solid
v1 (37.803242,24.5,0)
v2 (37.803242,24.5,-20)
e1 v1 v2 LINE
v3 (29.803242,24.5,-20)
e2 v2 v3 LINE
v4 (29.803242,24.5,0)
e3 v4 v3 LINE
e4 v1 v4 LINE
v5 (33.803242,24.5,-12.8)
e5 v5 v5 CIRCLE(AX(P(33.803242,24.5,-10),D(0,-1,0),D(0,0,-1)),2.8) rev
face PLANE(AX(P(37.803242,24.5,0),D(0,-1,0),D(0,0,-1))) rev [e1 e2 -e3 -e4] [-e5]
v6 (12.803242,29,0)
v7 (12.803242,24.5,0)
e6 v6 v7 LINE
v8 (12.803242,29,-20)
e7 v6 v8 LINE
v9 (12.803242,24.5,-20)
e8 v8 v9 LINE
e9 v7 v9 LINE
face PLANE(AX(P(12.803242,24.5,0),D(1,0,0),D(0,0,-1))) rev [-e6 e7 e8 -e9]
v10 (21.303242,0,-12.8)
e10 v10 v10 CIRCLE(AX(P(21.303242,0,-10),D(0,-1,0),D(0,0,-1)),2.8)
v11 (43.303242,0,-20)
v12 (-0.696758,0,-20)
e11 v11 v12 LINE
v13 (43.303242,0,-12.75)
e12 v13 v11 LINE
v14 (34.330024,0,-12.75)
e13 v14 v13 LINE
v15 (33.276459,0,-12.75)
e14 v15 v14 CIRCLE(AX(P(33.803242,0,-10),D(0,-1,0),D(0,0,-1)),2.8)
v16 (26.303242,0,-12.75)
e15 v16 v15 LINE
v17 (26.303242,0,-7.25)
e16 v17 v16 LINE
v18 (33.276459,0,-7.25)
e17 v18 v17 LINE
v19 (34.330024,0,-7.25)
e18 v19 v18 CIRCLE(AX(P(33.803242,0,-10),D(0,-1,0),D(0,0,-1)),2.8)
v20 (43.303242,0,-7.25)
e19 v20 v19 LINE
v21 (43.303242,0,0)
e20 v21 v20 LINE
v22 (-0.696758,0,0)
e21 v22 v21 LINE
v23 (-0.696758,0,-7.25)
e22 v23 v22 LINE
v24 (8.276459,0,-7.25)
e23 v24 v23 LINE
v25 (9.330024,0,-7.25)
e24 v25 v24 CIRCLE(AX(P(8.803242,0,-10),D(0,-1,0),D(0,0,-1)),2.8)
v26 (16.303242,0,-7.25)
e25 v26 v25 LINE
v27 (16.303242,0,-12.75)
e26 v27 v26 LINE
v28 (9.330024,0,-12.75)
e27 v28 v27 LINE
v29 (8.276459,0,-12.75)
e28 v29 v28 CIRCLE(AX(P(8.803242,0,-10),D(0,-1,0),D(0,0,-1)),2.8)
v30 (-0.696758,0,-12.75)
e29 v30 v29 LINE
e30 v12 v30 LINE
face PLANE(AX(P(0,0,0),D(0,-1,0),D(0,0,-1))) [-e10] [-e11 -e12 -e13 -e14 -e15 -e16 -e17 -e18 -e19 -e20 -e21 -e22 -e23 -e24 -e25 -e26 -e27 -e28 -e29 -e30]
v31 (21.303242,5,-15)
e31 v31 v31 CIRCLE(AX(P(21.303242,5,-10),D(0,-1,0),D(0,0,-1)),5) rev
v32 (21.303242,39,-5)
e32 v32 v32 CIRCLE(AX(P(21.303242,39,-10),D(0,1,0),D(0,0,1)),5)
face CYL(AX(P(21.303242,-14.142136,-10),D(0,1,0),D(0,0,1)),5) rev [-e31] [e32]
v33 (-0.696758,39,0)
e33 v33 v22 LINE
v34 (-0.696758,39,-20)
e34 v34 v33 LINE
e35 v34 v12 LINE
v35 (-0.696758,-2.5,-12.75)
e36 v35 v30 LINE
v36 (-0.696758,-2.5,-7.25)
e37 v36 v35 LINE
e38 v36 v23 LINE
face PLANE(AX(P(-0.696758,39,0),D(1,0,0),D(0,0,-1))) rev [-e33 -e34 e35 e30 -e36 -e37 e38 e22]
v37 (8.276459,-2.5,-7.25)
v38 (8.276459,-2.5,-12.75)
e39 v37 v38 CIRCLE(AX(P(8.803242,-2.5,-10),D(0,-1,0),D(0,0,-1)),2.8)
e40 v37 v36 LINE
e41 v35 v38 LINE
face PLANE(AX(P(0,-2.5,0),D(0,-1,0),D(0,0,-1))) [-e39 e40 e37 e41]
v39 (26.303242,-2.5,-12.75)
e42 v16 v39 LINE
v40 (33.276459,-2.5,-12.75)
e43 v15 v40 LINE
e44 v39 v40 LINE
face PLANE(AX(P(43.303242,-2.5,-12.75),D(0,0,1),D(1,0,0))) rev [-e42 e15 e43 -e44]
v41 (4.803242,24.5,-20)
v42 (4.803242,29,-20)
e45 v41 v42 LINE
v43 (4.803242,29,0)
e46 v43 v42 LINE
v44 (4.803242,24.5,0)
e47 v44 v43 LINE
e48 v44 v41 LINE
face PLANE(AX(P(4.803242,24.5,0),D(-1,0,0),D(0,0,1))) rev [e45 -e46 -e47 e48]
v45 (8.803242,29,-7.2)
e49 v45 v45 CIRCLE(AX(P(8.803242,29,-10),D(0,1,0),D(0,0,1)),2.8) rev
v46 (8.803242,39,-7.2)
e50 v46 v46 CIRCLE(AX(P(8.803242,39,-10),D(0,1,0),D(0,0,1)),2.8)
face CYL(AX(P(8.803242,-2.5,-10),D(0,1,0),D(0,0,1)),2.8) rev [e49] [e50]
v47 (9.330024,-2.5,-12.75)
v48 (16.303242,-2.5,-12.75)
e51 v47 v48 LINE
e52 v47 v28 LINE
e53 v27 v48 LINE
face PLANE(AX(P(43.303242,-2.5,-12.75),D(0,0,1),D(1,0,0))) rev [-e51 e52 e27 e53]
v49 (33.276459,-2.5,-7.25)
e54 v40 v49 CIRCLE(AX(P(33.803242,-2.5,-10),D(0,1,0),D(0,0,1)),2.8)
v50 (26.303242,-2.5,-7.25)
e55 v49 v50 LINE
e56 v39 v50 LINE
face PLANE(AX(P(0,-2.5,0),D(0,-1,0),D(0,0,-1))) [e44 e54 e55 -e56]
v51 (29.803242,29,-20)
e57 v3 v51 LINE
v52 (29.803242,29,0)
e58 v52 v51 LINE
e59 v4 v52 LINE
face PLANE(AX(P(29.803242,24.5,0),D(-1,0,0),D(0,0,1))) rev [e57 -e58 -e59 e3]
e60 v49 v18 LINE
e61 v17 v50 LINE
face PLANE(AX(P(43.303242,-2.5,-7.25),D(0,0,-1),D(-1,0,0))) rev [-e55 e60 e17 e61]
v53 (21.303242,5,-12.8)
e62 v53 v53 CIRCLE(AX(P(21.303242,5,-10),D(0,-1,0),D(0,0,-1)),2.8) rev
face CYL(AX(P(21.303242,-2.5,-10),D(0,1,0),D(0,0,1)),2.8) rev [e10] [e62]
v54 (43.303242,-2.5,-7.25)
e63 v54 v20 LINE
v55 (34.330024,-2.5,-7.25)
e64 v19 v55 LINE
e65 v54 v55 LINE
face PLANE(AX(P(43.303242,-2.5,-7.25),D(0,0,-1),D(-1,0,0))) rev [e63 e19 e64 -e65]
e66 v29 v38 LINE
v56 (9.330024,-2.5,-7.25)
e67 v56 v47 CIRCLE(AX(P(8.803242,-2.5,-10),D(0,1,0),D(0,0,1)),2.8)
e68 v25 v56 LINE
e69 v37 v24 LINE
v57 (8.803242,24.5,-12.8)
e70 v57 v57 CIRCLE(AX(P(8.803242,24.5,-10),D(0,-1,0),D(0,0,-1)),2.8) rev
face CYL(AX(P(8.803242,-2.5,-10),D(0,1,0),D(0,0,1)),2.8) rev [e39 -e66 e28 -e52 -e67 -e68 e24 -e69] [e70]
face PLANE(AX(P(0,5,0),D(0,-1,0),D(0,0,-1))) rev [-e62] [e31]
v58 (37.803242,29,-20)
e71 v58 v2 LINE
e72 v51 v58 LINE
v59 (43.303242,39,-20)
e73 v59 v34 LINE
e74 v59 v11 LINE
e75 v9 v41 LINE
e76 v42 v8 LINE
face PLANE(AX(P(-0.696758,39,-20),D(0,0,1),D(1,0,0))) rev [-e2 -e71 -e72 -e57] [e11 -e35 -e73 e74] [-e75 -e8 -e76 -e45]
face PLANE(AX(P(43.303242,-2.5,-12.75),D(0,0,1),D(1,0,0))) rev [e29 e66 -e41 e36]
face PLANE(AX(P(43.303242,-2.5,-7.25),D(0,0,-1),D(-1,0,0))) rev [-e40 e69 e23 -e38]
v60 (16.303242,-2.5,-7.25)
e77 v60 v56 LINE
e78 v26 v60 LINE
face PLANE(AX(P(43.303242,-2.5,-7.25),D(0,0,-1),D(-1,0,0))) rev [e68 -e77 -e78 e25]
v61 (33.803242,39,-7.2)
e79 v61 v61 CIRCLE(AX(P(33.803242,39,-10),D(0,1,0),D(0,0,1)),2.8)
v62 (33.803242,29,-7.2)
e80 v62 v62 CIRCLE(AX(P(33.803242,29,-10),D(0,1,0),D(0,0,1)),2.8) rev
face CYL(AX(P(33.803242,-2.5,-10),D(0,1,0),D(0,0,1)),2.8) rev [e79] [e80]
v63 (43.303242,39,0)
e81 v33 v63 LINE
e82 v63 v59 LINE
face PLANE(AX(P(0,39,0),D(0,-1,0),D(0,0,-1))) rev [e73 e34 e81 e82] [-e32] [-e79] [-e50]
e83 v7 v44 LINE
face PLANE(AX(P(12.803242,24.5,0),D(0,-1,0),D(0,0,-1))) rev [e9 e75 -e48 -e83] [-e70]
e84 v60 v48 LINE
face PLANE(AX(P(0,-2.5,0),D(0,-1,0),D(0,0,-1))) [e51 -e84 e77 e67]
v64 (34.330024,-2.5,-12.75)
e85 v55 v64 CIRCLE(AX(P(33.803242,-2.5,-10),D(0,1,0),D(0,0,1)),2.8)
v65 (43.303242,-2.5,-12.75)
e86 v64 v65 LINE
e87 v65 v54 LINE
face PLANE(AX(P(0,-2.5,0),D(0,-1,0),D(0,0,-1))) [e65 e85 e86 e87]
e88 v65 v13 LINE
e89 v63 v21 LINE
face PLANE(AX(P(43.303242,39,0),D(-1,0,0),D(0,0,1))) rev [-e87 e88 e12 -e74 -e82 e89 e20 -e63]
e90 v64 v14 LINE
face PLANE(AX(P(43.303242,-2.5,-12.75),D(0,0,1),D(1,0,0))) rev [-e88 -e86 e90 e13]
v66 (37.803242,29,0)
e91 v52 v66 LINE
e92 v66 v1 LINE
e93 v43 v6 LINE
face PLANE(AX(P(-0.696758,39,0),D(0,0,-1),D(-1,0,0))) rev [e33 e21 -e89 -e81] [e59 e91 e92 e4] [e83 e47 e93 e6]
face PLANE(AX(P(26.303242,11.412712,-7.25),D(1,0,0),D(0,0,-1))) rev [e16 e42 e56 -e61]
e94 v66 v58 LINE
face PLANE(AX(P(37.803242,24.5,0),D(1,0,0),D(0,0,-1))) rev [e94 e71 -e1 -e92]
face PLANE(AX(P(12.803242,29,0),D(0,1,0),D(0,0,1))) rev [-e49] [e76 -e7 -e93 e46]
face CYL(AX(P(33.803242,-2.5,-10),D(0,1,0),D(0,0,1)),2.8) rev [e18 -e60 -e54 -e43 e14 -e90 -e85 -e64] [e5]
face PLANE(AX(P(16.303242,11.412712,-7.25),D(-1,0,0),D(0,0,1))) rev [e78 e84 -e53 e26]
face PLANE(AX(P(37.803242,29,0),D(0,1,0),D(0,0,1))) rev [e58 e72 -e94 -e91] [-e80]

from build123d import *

# Parameters (mm, degrees)
SKETCH1_W           = 44
SKETCH1_H           = 20
BOSS_EXTRUDE1_DEPTH = 39
SKETCH3_W           = 44
SKETCH3_H           = 5.5
BOSS_EXTRUDE5_DEPTH = 2.5
SKETCH2_R           = 2.8
CUT_EXTRUDE1_DEPTH  = 42.5
SKETCH4_R           = 5
CUT_EXTRUDE2_DEPTH  = 34
SKETCH5_W           = 8
SKETCH5_H           = 4.5
CUT_EXTRUDE3_DEPTH  = 21
SKETCH6_W           = 10
SKETCH6_H           = 5.5
CUT_EXTRUDE4_DEPTH  = 2.5


with BuildPart() as part:
    # Sketch1 → Boss-Extrude1 (new body)
    with BuildSketch(Plane(origin=(0, 0, 0), x_dir=(1, 0, 0), z_dir=(0, 1, 0))):
        with Locations((21.30324178, 10)):
            Rectangle(SKETCH1_W, SKETCH1_H)
    extrude(amount=BOSS_EXTRUDE1_DEPTH)

    # Sketch3 → Boss-Extrude5 (add)
    with BuildSketch(Plane.XZ):
        with Locations((21.30324178, -10)):
            Rectangle(SKETCH3_W, SKETCH3_H)
    extrude(amount=BOSS_EXTRUDE5_DEPTH)

    # Sketch2 → Cut-Extrude1 (cut, through all)
    with BuildSketch(Plane(origin=(0, 39, 0), x_dir=(1, 0, 0), z_dir=(0, 1, 0))):
        with Locations((8.80324178, 10)):
            Circle(SKETCH2_R)
        with Locations((33.80324178, 10)):
            Circle(SKETCH2_R)
        with Locations((21.30324178, 10)):
            Circle(SKETCH2_R)
    extrude(amount=-CUT_EXTRUDE1_DEPTH, mode=Mode.SUBTRACT)

    # Sketch4 → Cut-Extrude2 (cut)
    with BuildSketch(Plane(origin=(0, 39, 0), x_dir=(1, 0, 0), z_dir=(0, 1, 0))):
        with Locations((21.30324178, 10)):
            Circle(SKETCH4_R)
    extrude(amount=-CUT_EXTRUDE2_DEPTH, mode=Mode.SUBTRACT)

    # Sketch5 → Cut-Extrude3 (cut, through all)
    with BuildSketch(Plane(origin=(0, 0, -20), x_dir=(-1, 0, 0), z_dir=(0, 0, -1))):
        with Locations((-33.80324178, 26.75)):
            Rectangle(SKETCH5_W, SKETCH5_H)
        with Locations((-8.80324178, 26.75)):
            Rectangle(SKETCH5_W, SKETCH5_H)
    extrude(amount=-CUT_EXTRUDE3_DEPTH, mode=Mode.SUBTRACT)

    # Sketch6 → Cut-Extrude4 (cut)
    with BuildSketch(Plane.XZ.offset(2.5)):
        with Locations((21.30324178, -10)):
            Rectangle(SKETCH6_W, SKETCH6_H)
    extrude(amount=-CUT_EXTRUDE4_DEPTH, mode=Mode.SUBTRACT)


solid = part.part
